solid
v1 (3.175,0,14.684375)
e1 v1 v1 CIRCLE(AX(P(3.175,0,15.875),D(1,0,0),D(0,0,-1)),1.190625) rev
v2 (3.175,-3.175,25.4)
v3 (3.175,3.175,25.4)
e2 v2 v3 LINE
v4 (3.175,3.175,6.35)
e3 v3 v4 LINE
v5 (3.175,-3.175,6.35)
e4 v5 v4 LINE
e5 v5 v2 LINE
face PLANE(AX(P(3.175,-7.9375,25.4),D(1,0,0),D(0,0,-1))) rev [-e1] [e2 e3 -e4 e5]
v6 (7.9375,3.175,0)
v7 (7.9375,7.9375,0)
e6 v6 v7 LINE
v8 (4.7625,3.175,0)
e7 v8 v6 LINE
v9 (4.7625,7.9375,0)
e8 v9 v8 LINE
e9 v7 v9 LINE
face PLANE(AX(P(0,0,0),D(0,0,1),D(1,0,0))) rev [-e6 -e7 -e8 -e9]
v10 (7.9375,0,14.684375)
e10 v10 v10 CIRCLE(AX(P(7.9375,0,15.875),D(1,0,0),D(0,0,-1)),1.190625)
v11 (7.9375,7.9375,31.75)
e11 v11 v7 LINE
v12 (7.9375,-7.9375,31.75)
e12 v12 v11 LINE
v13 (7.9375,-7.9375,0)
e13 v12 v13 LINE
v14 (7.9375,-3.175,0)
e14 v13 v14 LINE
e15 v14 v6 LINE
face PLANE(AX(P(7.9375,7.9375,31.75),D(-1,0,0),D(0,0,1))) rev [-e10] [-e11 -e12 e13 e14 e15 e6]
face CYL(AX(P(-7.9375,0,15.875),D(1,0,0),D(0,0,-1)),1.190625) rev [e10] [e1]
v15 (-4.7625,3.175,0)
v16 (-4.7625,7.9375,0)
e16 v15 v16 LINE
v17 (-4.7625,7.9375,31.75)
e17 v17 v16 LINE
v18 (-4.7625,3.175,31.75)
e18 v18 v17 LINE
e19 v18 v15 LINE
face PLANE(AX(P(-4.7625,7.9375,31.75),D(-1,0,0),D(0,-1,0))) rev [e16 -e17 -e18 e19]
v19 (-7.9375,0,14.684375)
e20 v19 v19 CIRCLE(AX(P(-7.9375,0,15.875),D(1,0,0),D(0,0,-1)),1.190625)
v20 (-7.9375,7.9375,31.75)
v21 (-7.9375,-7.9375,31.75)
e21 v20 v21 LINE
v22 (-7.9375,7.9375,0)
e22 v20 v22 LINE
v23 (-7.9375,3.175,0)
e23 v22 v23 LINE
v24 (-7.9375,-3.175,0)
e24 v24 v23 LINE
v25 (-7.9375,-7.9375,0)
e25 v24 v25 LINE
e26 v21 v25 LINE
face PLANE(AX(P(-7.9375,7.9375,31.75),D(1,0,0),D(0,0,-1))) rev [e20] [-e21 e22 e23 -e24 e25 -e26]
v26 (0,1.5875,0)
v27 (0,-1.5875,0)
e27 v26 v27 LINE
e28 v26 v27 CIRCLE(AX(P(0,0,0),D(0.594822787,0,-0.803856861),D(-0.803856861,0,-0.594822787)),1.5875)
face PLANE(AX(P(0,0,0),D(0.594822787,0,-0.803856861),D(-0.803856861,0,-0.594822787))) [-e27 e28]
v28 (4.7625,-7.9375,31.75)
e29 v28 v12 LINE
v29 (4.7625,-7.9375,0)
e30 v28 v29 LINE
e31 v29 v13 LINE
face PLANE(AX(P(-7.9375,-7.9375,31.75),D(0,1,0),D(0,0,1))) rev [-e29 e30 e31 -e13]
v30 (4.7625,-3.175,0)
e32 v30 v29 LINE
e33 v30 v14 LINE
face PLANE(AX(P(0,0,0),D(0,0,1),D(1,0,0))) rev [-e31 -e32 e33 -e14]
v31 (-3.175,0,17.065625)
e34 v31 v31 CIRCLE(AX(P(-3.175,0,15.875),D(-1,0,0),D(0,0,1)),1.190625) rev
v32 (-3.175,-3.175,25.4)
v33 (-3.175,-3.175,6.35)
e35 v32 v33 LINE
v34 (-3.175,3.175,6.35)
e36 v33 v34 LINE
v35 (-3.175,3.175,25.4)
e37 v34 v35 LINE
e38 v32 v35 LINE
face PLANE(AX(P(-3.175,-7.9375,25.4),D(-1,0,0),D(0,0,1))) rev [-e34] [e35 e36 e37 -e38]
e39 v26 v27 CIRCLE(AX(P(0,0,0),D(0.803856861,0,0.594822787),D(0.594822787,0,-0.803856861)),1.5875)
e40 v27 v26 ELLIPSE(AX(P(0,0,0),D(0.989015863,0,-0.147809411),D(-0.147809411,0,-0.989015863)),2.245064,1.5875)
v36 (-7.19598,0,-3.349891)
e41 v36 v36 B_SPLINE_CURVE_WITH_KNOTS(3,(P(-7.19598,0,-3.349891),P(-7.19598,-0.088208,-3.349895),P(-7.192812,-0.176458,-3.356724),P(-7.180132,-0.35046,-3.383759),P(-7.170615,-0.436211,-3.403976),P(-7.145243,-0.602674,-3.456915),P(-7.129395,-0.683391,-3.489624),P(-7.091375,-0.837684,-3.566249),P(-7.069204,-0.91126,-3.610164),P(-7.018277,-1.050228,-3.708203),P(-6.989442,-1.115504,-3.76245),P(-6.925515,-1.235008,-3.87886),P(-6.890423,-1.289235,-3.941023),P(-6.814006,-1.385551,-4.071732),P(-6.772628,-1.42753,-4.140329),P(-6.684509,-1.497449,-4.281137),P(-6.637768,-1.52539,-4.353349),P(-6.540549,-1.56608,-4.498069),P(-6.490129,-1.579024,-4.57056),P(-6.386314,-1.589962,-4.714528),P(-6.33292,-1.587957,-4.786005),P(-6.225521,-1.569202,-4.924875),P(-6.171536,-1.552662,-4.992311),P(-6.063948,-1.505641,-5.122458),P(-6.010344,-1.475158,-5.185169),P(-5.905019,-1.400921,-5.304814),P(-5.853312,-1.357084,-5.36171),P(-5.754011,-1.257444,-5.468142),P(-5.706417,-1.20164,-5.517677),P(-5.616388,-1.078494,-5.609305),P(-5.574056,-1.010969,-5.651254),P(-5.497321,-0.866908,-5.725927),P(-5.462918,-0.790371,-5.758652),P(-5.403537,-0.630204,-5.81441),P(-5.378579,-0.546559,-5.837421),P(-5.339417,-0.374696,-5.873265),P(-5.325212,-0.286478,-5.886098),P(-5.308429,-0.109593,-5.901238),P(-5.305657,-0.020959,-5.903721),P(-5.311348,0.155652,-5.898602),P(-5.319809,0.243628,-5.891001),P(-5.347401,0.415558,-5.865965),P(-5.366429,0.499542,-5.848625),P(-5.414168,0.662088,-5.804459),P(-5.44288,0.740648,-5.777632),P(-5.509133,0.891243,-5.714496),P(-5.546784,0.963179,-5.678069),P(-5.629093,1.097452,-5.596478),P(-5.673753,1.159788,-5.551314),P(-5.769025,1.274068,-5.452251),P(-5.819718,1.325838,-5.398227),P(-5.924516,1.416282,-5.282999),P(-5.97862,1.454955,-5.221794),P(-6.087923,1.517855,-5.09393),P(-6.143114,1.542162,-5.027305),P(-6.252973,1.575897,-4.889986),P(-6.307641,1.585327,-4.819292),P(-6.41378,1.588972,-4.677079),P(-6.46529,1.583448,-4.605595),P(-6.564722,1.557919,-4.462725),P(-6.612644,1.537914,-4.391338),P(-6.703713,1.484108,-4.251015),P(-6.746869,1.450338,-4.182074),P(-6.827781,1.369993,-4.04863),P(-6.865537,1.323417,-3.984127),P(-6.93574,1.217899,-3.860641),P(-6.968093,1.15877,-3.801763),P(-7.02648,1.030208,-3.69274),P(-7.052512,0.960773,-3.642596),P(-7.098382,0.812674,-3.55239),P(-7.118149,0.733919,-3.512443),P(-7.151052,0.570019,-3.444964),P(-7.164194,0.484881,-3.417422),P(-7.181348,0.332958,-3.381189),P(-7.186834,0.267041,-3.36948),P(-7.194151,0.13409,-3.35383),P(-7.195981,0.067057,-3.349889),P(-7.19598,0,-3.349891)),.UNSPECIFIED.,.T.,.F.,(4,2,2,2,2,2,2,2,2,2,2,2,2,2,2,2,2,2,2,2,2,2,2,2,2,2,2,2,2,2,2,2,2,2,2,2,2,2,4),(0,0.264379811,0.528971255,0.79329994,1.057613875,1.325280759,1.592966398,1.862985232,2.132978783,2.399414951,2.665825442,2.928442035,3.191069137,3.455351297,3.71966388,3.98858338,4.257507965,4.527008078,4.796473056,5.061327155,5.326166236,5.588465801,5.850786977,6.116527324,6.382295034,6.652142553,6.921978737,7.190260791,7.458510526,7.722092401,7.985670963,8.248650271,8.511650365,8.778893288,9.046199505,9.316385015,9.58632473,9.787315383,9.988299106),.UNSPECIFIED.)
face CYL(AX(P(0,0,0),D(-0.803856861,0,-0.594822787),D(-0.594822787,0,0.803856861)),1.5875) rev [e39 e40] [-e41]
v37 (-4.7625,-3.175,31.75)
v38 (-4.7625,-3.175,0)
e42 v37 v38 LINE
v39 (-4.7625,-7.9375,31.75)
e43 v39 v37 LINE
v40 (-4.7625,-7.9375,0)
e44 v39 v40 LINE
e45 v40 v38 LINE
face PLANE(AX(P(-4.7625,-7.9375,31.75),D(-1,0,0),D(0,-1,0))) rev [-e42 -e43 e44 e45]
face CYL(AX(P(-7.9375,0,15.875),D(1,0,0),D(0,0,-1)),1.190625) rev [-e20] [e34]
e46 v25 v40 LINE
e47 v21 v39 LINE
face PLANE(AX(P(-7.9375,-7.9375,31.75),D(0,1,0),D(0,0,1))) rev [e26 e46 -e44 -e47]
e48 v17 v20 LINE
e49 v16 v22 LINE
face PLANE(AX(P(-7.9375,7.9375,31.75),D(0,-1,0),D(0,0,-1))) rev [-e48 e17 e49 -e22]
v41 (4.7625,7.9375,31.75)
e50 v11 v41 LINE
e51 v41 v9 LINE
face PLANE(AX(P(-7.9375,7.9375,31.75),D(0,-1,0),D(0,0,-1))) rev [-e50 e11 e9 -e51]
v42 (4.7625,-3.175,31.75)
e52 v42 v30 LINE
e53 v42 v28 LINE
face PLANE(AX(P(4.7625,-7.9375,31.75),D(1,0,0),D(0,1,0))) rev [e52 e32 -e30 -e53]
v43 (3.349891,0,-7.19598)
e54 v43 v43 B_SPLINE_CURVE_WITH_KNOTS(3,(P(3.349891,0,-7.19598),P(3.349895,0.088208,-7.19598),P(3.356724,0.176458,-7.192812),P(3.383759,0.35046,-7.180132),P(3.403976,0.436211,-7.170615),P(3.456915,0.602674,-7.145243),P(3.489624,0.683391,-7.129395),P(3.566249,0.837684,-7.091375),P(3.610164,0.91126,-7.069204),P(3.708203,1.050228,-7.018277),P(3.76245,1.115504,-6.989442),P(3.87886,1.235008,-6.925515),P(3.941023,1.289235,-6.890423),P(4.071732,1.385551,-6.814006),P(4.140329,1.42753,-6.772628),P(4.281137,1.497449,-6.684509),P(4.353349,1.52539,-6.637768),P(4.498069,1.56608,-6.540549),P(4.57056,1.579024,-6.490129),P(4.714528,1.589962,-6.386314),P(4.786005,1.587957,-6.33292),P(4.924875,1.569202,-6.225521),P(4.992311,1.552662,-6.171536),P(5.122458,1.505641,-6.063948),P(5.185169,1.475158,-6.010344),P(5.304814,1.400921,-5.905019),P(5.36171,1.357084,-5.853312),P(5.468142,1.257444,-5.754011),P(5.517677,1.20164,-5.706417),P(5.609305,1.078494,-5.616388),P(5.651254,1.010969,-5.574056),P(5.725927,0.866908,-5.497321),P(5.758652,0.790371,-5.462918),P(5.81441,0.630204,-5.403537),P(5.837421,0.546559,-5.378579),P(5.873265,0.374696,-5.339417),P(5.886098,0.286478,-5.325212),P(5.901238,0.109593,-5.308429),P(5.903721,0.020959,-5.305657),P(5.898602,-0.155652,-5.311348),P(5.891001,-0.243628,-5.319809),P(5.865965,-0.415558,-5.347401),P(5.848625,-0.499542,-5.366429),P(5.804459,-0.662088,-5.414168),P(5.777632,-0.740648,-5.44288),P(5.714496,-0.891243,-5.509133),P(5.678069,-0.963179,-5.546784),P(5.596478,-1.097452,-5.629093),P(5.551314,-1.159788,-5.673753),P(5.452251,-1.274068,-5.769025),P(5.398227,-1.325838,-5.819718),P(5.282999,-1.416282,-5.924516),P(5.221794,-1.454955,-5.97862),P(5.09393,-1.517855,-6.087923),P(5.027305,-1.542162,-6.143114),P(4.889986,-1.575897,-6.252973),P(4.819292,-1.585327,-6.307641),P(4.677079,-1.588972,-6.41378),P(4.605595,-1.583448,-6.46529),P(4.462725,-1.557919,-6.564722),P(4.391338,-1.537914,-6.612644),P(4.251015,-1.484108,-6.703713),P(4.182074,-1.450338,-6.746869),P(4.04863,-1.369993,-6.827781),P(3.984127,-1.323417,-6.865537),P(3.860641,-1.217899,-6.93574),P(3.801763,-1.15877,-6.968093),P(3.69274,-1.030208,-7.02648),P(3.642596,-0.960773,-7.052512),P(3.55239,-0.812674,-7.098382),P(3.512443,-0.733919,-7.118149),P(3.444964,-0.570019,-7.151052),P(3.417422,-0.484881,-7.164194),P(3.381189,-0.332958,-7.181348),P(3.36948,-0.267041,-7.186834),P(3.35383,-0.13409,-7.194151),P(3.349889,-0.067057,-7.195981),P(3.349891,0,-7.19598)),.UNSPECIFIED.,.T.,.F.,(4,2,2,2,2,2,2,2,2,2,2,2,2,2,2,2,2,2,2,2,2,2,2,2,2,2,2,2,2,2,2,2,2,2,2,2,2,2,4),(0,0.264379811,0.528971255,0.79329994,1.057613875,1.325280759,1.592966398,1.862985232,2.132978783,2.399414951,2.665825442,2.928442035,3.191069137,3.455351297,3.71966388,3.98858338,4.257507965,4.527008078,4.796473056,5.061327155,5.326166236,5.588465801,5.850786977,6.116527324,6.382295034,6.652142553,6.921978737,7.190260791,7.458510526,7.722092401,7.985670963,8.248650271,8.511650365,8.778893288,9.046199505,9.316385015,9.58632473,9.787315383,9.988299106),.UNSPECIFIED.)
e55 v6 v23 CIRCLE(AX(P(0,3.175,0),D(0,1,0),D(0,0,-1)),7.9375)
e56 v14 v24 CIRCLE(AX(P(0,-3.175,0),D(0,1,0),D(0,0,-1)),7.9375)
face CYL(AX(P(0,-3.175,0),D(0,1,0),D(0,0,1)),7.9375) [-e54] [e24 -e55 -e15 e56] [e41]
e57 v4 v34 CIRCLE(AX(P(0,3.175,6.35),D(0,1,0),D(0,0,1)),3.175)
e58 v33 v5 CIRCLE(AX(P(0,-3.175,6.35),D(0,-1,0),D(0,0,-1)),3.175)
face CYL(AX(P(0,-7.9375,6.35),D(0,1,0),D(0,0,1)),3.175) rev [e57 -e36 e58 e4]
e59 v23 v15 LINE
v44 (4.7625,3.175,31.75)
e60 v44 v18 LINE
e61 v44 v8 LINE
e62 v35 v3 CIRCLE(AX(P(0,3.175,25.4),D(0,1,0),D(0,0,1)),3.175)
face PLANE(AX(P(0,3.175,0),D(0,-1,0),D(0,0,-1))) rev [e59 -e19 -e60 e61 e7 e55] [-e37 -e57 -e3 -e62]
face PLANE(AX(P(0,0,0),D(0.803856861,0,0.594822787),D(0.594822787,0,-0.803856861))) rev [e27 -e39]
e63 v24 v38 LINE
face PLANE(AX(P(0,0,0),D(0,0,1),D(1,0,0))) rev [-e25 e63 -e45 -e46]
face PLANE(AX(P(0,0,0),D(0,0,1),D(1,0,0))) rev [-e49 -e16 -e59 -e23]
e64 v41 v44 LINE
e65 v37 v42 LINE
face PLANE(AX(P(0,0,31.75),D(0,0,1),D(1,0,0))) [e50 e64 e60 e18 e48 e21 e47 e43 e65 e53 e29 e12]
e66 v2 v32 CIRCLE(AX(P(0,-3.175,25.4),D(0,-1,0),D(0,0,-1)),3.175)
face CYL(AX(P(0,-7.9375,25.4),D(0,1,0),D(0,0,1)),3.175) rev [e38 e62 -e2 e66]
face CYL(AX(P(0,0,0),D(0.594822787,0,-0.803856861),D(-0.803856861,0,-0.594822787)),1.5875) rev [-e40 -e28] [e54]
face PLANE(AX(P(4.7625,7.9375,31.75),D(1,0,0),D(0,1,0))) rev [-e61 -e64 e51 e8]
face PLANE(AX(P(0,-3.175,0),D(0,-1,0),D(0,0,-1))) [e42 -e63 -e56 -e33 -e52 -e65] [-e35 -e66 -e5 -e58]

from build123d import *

# Parameters (mm, degrees)
SKETCH1_W                = 15.875
SKETCH1_H                = 15.875
BOSS_EXTRUDE1_DEPTH      = 31.75
BOSS_EXTRUDE3_DEPTH      = 3.175
BOSS_EXTRUDE3_DEPTH_BACK = 3.175
SKETCH4_R                = 1.190625
CUT_EXTRUDE1_DEPTH       = 16.875
SKETCH8_R                = 1.5875
CUT_EXTRUDE3_DEPTH       = 7.9375
SKETCH7_R                = 1.5875
CUT_EXTRUDE4_DEPTH       = 7.9375
SKETCH10_W               = 9.525
SKETCH10_H               = 4.7625
CUT_EXTRUDE5_DEPTH       = 32.75
CUT_EXTRUDE6_DEPTH       = 12.1125


with BuildPart() as part:
    # Sketch1 → Boss-Extrude1 (new body)
    with BuildSketch(Plane.XY):
        Rectangle(SKETCH1_W, SKETCH1_H)
    extrude(amount=BOSS_EXTRUDE1_DEPTH)

    # Sketch3 → Boss-Extrude3 (add, two sides)
    with BuildSketch(Plane(origin=(0, 0, 0), x_dir=(1, 0, 0), z_dir=(0, 1, 0))) as boss_extrude3_sk:
        with BuildLine():
            Line((-7.9375, 0), (7.9375, 0))
            ThreePointArc((7.9375, 0), (0, 7.9375), (-7.9375, 0))
        make_face()
    extrude(amount=BOSS_EXTRUDE3_DEPTH)
    extrude(boss_extrude3_sk.sketch, amount=-BOSS_EXTRUDE3_DEPTH_BACK)

    # Sketch4 → Cut-Extrude1 (cut, through all)
    with BuildSketch(Plane(origin=(7.9375, 0, 0), x_dir=(0, 0, -1), z_dir=(1, 0, 0))):
        with Locations((-15.875, 0)):
            Circle(SKETCH4_R)
    extrude(amount=-CUT_EXTRUDE1_DEPTH, mode=Mode.SUBTRACT)

    # Sketch8 → Cut-Extrude3 (cut)
    with BuildSketch(Plane(origin=(4.72140587, 0, -6.380613831), x_dir=(-0.803856861, 0, -0.594822787), z_dir=(0.594822787, 0, -0.803856861))):
        Circle(SKETCH8_R)
    extrude(amount=-CUT_EXTRUDE3_DEPTH, mode=Mode.SUBTRACT)

    # Sketch7 → Cut-Extrude4 (cut)
    with BuildSketch(Plane(origin=(-6.380613831, 0, -4.72140587), x_dir=(0.594822787, 0, -0.803856861), z_dir=(0.803856861, 0, 0.594822787))):
        Circle(SKETCH7_R)
    extrude(amount=CUT_EXTRUDE4_DEPTH, mode=Mode.SUBTRACT)

    # Sketch10 → Cut-Extrude5 (cut, through all)
    with BuildSketch(Plane(origin=(0, 0, 0), x_dir=(-1, 0, 0), z_dir=(0, 0, -1))):
        with Locations((0, 5.55625)):
            Rectangle(SKETCH10_W, SKETCH10_H)
        with Locations((0, -5.55625)):
            Rectangle(SKETCH10_W, SKETCH10_H)
    extrude(amount=-CUT_EXTRUDE5_DEPTH, mode=Mode.SUBTRACT)

    # Sketch12 → Cut-Extrude6 (cut, through all)
    with BuildSketch(Plane(origin=(0, 3.175, 0), x_dir=(1, 0, 0), z_dir=(0, 1, 0))):
        with BuildLine():
            Line((-3.175, -25.4), (-3.175, -6.35))
            ThreePointArc((-3.175, -6.35), (0, -3.175), (3.175, -6.35))
            Line((3.175, -6.35), (3.175, -25.4))
            ThreePointArc((3.175, -25.4), (0, -28.575), (-3.175, -25.4))
        make_face()
    extrude(amount=-CUT_EXTRUDE6_DEPTH, mode=Mode.SUBTRACT)


solid = part.part
